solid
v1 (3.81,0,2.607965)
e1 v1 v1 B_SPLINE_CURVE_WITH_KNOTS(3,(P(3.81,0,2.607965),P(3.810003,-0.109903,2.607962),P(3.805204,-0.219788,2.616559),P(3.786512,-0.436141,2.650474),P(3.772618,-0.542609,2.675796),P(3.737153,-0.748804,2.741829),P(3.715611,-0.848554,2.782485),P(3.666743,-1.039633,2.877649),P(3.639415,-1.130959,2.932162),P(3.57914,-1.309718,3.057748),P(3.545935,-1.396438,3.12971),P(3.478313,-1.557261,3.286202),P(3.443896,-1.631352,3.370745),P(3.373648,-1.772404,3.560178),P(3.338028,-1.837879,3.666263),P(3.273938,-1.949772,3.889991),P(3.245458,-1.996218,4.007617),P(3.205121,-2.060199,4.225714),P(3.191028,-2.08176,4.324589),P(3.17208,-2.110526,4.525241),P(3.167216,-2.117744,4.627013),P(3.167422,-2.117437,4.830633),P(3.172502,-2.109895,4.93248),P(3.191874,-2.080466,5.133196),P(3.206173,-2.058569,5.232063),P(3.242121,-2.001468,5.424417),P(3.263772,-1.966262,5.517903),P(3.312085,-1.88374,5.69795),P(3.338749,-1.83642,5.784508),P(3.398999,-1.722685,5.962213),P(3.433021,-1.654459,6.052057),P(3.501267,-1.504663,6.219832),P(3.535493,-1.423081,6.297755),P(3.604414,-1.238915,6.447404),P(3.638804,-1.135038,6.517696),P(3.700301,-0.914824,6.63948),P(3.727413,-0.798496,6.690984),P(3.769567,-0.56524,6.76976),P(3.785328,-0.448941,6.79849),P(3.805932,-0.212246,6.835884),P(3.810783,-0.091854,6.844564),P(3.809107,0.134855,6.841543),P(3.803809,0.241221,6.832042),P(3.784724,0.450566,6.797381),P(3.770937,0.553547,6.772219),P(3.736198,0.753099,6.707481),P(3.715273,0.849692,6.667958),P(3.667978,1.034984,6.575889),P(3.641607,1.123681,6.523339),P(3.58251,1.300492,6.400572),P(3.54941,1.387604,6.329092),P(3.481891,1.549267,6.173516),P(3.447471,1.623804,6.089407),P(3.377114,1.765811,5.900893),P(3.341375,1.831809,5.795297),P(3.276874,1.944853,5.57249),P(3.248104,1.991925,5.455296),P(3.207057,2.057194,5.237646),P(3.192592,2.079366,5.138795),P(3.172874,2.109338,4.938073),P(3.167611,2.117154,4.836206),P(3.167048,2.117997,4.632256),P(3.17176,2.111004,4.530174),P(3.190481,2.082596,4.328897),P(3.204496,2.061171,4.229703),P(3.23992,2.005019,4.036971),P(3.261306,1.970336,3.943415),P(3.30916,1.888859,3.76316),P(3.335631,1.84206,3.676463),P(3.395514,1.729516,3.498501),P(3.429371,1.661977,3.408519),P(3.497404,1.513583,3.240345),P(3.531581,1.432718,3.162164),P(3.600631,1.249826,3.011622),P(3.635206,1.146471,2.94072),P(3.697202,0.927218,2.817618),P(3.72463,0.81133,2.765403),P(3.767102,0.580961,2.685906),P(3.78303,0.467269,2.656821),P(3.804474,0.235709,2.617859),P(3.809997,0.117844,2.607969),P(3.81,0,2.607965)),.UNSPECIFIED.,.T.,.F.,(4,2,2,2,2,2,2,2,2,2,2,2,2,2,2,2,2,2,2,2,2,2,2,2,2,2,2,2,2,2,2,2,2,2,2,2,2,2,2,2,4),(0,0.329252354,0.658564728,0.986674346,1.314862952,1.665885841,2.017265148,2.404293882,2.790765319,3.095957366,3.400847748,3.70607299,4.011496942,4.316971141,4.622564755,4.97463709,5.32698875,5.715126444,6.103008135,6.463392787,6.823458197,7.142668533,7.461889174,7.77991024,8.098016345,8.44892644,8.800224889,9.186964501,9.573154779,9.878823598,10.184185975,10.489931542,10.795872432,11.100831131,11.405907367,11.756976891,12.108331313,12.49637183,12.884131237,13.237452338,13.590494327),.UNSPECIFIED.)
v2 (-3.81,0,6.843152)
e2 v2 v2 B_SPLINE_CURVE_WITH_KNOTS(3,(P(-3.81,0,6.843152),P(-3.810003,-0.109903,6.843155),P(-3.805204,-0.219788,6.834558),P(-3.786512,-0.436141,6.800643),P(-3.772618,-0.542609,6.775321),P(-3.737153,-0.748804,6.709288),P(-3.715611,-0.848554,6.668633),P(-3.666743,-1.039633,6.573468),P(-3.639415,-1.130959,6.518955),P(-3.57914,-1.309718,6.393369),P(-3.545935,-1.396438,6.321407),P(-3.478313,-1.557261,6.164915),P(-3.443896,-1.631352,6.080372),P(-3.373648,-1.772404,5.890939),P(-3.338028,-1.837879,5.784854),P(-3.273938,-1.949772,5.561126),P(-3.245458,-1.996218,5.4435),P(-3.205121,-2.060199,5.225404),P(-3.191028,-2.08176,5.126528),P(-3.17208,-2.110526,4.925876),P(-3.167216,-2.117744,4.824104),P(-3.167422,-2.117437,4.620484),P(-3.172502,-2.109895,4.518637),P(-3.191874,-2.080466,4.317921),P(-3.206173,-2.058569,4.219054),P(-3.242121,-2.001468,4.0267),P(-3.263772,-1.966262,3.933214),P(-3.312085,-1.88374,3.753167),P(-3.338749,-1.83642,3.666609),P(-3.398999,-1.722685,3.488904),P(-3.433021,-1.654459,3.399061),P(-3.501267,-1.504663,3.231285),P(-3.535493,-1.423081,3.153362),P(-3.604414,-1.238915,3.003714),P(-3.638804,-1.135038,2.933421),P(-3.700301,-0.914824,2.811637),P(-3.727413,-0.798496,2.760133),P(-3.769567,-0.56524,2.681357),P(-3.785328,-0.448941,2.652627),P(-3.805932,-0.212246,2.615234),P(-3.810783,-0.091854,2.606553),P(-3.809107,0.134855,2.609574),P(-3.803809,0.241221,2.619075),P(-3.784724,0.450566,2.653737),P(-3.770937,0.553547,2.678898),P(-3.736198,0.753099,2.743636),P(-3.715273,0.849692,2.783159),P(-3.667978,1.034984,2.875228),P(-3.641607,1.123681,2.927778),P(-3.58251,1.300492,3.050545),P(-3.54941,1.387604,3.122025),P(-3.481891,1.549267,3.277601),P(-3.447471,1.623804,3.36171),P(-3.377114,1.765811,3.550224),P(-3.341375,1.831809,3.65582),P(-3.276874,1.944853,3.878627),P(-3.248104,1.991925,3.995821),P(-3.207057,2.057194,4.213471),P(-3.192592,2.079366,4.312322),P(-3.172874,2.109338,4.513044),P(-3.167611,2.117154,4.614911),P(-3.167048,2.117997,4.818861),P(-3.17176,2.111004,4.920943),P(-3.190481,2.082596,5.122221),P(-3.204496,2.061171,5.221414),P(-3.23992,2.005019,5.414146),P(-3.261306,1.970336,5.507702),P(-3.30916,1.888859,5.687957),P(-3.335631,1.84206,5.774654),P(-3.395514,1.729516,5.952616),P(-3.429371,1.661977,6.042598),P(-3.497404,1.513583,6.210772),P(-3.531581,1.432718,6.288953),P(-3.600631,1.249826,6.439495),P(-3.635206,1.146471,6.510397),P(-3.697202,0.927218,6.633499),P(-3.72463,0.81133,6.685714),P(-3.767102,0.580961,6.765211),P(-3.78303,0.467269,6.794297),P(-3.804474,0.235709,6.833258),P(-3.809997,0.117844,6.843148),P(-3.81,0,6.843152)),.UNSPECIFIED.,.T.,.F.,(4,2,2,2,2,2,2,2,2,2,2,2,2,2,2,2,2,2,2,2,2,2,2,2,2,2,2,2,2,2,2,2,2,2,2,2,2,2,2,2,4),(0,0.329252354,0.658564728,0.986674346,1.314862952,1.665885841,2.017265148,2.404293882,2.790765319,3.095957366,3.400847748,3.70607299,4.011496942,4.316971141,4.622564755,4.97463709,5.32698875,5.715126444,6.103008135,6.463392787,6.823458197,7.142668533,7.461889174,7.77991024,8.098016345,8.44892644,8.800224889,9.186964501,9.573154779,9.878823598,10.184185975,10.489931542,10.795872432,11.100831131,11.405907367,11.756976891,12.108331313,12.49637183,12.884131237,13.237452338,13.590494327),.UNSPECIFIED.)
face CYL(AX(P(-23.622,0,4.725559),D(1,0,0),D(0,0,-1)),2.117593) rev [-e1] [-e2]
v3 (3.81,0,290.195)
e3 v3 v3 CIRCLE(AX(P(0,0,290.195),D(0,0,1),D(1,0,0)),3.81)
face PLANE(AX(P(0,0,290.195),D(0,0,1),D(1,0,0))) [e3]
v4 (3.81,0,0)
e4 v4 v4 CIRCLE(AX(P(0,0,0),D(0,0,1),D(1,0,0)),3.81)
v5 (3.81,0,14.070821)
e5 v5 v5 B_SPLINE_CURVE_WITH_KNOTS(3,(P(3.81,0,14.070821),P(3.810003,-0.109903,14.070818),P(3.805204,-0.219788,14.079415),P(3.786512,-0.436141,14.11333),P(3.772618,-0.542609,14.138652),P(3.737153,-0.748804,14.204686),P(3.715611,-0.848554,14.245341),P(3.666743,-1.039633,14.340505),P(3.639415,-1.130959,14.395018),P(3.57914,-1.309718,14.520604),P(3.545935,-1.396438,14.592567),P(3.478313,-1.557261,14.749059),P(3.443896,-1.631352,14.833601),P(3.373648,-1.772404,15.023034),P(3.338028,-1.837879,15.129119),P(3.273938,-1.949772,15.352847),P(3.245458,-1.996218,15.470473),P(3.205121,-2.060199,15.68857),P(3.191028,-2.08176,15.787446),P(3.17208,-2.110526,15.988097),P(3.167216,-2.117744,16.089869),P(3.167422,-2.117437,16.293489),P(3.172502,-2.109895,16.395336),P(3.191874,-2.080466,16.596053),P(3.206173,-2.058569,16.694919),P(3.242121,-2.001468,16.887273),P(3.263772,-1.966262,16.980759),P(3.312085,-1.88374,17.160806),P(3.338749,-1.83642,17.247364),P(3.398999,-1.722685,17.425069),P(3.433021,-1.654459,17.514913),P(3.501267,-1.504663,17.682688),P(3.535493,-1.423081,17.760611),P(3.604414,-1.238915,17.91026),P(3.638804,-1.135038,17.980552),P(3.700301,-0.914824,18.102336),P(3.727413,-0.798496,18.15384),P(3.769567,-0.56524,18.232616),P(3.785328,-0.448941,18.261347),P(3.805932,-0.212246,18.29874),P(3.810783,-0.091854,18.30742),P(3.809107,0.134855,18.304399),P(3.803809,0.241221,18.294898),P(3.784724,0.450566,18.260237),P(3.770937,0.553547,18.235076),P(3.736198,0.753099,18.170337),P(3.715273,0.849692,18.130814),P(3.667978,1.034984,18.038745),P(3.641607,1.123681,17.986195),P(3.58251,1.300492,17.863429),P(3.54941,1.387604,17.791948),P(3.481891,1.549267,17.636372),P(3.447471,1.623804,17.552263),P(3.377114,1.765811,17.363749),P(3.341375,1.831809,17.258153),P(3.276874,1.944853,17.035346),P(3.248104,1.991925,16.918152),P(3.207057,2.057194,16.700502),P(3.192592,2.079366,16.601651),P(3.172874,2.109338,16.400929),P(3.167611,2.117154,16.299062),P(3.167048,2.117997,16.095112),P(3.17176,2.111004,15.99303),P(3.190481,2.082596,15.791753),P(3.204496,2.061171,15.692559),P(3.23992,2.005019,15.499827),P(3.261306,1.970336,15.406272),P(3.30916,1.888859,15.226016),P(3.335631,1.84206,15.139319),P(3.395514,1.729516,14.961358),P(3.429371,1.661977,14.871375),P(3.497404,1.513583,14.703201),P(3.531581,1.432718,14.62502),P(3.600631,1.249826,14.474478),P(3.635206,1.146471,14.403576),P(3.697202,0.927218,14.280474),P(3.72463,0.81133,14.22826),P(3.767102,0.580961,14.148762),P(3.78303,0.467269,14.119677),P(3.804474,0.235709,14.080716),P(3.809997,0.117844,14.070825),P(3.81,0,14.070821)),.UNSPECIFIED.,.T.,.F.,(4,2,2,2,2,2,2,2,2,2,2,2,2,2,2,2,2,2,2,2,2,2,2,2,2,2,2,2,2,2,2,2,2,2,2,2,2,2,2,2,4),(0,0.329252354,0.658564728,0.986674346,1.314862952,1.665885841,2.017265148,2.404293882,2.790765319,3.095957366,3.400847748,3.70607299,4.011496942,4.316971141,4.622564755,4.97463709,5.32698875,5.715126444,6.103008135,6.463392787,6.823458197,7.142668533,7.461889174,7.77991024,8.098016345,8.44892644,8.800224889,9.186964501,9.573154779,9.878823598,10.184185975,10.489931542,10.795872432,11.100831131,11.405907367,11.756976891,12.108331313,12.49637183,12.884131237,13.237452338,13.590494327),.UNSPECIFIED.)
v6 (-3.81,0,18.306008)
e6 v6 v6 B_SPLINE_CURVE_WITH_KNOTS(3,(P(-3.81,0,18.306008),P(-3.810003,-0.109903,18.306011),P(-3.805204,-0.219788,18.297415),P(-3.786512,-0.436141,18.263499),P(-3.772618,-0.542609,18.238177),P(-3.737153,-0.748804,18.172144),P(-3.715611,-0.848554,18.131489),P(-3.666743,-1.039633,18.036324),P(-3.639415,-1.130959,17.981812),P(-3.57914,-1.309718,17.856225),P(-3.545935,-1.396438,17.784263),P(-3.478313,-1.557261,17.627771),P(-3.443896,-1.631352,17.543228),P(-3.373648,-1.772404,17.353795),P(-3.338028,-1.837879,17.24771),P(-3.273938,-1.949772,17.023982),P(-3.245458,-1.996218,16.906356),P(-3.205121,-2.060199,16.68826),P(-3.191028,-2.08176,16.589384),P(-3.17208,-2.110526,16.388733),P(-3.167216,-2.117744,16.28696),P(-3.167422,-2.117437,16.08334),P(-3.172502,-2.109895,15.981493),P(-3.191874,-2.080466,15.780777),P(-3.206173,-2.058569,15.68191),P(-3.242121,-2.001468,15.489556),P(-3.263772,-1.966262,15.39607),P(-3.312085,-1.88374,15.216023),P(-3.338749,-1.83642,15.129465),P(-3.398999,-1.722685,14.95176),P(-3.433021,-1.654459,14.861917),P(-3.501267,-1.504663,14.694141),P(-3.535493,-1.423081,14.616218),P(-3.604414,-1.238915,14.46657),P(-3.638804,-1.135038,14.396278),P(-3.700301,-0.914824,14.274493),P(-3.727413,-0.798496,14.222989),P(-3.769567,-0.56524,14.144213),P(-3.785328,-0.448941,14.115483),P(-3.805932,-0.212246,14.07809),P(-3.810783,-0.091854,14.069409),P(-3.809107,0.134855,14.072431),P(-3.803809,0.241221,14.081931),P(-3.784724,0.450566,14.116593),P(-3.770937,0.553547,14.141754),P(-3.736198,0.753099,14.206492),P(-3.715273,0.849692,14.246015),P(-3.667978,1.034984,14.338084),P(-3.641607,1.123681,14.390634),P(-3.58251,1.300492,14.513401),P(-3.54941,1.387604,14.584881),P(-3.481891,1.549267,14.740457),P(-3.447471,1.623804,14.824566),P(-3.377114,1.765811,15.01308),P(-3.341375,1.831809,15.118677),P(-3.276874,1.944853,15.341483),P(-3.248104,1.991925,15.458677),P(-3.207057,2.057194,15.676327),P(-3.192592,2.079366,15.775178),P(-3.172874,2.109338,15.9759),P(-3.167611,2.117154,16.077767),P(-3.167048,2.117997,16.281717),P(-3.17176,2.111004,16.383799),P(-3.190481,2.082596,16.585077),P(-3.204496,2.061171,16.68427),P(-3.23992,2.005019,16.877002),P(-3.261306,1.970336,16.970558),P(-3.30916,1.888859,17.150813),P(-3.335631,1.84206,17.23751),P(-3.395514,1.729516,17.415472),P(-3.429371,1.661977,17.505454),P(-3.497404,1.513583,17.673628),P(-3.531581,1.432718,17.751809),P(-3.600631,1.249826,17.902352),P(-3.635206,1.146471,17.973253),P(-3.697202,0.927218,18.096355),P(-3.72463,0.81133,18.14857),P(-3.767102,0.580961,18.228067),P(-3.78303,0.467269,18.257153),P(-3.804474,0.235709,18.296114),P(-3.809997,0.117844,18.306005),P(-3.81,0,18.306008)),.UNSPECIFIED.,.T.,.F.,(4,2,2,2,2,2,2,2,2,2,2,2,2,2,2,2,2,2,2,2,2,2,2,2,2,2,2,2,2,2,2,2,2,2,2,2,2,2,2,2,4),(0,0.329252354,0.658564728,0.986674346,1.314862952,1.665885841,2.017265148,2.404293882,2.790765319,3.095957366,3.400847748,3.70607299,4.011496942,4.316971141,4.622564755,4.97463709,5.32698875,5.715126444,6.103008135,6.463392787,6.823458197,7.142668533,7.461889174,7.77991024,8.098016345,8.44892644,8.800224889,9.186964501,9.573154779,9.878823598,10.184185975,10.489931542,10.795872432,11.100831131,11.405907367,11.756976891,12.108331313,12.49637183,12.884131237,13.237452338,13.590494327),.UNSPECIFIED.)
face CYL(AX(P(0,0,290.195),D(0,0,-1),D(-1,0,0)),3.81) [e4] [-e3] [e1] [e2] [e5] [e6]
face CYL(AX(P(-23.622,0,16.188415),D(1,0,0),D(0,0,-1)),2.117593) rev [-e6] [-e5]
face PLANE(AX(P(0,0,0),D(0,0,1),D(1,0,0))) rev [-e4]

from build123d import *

# Parameters (mm, degrees)
SKETCH1_R           = 3.81
BOSS_EXTRUDE1_DEPTH = 290.195
SKETCH8_R           = 2.11759327
CUT_EXTRUDE4_DEPTH  = 28.702


with BuildPart() as part:
    # Sketch1 → Boss-Extrude1 (new body)
    with BuildSketch(Plane.XY):
        Circle(SKETCH1_R)
    extrude(amount=BOSS_EXTRUDE1_DEPTH)

    # Sketch8 → Cut-Extrude4 (cut)
    with BuildSketch(Plane(origin=(5.08, 0, 0), x_dir=(0, 0, -1), z_dir=(1, 0, 0))):
        with Locations(Location((-4.725558565, 0, 0), (0, 0, 180.000000004))):
            Circle(SKETCH8_R)
        with Locations(Location((-16.188414686, 0, 0), (0, 0, 180.000000004))):
            Circle(SKETCH8_R)
    extrude(amount=-CUT_EXTRUDE4_DEPTH, mode=Mode.SUBTRACT)


solid = part.part
